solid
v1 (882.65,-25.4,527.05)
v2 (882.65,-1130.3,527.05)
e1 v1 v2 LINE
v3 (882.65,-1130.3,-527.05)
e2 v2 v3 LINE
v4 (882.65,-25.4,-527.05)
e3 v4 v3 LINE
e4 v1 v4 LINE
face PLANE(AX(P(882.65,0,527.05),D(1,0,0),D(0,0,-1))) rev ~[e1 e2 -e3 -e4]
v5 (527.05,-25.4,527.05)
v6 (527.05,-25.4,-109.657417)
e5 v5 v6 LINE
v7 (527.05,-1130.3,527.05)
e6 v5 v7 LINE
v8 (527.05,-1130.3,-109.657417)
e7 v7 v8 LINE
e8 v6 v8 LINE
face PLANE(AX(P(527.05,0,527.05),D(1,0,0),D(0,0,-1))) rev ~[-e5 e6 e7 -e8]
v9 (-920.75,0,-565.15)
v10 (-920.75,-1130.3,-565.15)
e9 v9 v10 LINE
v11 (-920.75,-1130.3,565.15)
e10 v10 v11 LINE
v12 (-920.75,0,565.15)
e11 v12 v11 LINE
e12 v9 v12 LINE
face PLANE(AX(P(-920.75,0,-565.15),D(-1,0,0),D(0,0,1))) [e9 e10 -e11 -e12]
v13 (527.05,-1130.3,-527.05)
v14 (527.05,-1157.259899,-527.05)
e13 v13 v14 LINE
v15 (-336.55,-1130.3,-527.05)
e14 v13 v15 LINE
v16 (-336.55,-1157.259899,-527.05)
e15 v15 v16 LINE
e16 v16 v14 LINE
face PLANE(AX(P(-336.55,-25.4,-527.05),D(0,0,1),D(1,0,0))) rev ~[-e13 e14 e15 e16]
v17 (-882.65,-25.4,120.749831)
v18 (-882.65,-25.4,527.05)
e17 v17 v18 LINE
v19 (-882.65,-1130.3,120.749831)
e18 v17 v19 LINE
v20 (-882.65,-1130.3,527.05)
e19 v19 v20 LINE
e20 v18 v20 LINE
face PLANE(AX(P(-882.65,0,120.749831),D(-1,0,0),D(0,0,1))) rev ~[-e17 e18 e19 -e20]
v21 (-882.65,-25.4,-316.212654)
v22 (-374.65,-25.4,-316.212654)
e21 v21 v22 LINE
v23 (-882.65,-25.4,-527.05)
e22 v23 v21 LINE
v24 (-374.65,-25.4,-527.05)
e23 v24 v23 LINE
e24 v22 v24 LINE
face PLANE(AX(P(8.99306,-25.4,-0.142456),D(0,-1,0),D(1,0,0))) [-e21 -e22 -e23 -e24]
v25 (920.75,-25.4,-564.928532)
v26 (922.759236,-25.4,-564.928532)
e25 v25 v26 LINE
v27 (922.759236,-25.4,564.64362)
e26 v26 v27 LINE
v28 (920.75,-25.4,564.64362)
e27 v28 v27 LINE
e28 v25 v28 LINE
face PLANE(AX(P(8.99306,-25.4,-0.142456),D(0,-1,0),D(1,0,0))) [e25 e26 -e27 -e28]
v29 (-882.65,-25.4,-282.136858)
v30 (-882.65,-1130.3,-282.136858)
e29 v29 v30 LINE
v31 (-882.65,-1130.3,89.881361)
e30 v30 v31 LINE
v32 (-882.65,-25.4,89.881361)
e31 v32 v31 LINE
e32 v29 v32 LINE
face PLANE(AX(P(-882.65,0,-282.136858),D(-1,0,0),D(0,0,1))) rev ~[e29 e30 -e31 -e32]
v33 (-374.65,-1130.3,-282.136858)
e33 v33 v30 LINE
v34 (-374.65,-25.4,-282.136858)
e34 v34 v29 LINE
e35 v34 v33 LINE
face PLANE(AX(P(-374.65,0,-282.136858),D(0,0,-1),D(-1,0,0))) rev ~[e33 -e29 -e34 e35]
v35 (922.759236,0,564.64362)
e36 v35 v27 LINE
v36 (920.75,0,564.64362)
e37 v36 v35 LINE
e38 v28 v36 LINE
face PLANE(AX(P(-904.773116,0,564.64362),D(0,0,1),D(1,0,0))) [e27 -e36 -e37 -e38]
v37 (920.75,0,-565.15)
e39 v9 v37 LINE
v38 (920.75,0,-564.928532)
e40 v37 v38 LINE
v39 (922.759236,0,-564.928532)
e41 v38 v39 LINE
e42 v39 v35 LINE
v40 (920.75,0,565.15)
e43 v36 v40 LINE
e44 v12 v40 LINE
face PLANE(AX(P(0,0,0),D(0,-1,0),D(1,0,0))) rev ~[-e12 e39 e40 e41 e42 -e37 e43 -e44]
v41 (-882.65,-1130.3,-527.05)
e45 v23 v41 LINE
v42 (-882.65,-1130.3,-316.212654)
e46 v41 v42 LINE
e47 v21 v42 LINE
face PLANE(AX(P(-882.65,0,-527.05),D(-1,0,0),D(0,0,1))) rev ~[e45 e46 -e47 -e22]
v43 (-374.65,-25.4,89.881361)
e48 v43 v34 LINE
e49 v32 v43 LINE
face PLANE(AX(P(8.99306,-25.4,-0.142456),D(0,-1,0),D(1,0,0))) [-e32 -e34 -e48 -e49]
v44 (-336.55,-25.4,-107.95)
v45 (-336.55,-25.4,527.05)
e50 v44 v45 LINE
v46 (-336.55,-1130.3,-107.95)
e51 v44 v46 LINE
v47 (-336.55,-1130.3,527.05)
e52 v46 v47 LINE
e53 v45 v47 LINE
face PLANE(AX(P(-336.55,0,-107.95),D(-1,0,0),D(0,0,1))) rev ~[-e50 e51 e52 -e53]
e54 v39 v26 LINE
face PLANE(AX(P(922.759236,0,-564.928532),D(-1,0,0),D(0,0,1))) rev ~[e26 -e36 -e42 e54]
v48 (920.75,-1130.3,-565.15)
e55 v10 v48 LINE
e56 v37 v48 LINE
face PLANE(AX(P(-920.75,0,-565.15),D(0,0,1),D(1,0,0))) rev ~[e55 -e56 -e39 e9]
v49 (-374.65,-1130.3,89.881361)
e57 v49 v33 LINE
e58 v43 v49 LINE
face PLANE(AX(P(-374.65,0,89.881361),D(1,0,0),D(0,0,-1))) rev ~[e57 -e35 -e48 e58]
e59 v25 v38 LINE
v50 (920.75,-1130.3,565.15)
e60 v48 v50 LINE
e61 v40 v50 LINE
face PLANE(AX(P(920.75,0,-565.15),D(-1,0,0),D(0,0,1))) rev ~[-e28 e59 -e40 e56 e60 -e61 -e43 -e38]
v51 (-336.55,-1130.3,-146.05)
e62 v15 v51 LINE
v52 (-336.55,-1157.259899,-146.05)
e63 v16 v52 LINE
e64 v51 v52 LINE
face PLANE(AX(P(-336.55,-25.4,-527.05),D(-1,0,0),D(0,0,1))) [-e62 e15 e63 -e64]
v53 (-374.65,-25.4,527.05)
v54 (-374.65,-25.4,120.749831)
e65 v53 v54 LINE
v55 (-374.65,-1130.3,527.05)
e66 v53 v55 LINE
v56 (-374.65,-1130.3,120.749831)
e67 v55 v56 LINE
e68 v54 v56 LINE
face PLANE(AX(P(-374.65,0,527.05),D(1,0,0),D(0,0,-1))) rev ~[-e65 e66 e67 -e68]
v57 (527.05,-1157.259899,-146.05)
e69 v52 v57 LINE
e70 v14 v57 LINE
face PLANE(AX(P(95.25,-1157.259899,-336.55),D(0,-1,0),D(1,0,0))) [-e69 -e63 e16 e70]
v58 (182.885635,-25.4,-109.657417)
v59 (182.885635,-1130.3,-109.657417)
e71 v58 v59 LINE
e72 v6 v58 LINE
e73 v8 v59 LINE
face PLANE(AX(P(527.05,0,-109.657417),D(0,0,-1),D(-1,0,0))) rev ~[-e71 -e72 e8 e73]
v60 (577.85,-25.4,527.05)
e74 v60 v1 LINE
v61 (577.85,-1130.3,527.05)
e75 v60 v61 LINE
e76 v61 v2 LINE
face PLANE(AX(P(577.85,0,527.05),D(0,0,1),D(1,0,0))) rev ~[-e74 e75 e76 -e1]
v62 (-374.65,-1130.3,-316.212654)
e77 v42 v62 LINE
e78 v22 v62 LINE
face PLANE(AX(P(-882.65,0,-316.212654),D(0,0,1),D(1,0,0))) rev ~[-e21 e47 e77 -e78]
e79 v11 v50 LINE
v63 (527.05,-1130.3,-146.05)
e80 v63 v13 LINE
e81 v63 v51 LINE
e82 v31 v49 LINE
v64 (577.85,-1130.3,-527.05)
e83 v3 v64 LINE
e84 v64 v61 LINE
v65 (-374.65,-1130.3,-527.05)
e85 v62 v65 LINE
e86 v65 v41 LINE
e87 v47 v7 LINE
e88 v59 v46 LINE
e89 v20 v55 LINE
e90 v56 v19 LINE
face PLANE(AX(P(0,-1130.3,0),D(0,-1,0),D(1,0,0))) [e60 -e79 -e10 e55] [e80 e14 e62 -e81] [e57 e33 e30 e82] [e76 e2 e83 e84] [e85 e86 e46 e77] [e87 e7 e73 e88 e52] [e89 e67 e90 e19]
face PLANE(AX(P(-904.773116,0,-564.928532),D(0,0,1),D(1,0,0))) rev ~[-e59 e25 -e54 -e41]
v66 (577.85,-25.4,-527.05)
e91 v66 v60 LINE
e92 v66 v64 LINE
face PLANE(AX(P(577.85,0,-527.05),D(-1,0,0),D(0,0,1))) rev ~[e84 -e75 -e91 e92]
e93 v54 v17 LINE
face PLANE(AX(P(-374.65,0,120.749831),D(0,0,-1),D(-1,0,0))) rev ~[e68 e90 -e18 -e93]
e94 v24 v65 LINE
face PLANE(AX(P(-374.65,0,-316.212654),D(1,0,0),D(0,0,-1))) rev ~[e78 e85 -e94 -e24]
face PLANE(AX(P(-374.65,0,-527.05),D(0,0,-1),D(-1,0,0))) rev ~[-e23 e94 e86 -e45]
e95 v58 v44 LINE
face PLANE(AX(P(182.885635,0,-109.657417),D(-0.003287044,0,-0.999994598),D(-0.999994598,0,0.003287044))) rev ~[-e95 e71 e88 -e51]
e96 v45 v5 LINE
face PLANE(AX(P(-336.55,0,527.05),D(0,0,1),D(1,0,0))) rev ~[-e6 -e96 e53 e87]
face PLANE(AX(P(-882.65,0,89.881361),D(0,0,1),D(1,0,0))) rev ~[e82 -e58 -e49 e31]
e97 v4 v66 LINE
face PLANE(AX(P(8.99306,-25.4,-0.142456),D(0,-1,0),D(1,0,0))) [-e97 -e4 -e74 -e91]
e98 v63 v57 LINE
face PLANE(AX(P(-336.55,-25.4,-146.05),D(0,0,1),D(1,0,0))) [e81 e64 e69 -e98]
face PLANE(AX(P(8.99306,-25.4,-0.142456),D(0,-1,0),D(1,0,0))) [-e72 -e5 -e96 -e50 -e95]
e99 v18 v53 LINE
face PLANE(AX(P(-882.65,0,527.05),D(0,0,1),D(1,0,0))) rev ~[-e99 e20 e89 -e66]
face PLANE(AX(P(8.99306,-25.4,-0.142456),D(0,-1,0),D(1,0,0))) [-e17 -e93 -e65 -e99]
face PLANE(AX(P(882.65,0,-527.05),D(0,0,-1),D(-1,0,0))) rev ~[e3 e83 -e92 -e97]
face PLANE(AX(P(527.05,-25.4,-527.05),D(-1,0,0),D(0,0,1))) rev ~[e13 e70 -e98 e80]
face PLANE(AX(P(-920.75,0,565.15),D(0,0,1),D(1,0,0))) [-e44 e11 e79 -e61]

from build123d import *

# Parameters (mm, degrees)
F0_W      = 1841.5
F0_H      = 1130.3
F1_DEPTH  = 1130.3
F3_W      = 1827.532351
F3_H      = 1129.572153
F4_DEPTH  = 25.4
F5_W      = 865.357041
F5_H      = 376.358599
F6_DEPTH  = 25.4
F7_W      = 831.391633
F7_H      = 382.297545
F8_DEPTH  = 25.4
F9_W      = 863.6
F9_H      = 381
F10_DEPTH = 1131.859899


with BuildPart() as f1:
    # F0 (on Front) → F1 (new body)
    with BuildSketch(Plane.XZ):
        Rectangle(F0_W, F0_H)
        Polygon((882.65, 527.05), (882.65, -527.05), (577.85, -527.05), (527.05, -527.05), (-336.55, -527.05), (-374.65, -527.05), (-882.65, -527.05), (-882.65, -316.212654), (-882.65, -282.136858), (-882.65, 89.881361), (-882.65, 120.749831), (-882.65, 527.05), (-374.65, 527.05), (-336.55, 527.05), (527.05, 527.05), (577.85, 527.05), align=None, mode=Mode.SUBTRACT)
        Polygon((-374.65, -527.05), (-336.55, -527.05), (-336.55, -146.05), (-336.55, -107.95), (-336.55, 0), (-336.55, 527.05), (-374.65, 527.05), (-374.65, 120.749831), (-374.65, 89.881361), (-374.65, -120.674253), (-374.65, -282.136858), (-374.65, -316.212654), align=None)
        Polygon((-374.65, 89.881361), (-374.65, 120.749831), (-752.773166, 120.749831), (-882.65, 120.749831), (-882.65, 89.881361), (-408.513486, 89.881361), align=None)
        Polygon((-882.65, -316.212654), (-374.65, -316.212654), (-374.65, -282.136858), (-408.513486, -282.136858), (-882.65, -282.136858), align=None)
        Polygon((-336.55, -107.95), (-336.55, -146.05), (182.885635, -147.757417), (182.885635, -109.657417), align=None)
        Polygon((182.885635, -147.757417), (527.05, -148.888707), (527.05, -109.657417), (182.885635, -109.657417), align=None)
        Polygon((527.05, -527.05), (577.85, -527.05), (577.85, -145.718575), (577.85, 527.05), (527.05, 527.05), (527.05, -109.657417), (527.05, -148.888707), align=None)
    extrude(amount=F1_DEPTH)

    # F3 (on face) → F4 (join)
    with BuildSketch(Plane.XZ):
        with Locations((8.99306, -0.142456)):
            Rectangle(F3_W, F3_H)
    extrude(amount=F4_DEPTH)

    # F5 (on face) → F6 (join)
    with BuildSketch(Plane.XZ.offset(25.4)):
        with Locations((94.785392, -343.243077)):
            Rectangle(F5_W, F5_H)
    extrude(amount=-F6_DEPTH)

    # F7 (on face) → F8 (join)
    with BuildSketch(Plane.XZ.offset(25.4)):
        with Locations((134.62612, -372.283206)):
            Rectangle(F7_W, F7_H)
    extrude(amount=-F8_DEPTH)

    # F9 (on face) → F10 (join)
    with BuildSketch(Plane.XZ.offset(25.4)):
        with Locations((95.25, -336.55)):
            Rectangle(F9_W, F9_H)
    extrude(amount=F10_DEPTH)


solid = f1.part
